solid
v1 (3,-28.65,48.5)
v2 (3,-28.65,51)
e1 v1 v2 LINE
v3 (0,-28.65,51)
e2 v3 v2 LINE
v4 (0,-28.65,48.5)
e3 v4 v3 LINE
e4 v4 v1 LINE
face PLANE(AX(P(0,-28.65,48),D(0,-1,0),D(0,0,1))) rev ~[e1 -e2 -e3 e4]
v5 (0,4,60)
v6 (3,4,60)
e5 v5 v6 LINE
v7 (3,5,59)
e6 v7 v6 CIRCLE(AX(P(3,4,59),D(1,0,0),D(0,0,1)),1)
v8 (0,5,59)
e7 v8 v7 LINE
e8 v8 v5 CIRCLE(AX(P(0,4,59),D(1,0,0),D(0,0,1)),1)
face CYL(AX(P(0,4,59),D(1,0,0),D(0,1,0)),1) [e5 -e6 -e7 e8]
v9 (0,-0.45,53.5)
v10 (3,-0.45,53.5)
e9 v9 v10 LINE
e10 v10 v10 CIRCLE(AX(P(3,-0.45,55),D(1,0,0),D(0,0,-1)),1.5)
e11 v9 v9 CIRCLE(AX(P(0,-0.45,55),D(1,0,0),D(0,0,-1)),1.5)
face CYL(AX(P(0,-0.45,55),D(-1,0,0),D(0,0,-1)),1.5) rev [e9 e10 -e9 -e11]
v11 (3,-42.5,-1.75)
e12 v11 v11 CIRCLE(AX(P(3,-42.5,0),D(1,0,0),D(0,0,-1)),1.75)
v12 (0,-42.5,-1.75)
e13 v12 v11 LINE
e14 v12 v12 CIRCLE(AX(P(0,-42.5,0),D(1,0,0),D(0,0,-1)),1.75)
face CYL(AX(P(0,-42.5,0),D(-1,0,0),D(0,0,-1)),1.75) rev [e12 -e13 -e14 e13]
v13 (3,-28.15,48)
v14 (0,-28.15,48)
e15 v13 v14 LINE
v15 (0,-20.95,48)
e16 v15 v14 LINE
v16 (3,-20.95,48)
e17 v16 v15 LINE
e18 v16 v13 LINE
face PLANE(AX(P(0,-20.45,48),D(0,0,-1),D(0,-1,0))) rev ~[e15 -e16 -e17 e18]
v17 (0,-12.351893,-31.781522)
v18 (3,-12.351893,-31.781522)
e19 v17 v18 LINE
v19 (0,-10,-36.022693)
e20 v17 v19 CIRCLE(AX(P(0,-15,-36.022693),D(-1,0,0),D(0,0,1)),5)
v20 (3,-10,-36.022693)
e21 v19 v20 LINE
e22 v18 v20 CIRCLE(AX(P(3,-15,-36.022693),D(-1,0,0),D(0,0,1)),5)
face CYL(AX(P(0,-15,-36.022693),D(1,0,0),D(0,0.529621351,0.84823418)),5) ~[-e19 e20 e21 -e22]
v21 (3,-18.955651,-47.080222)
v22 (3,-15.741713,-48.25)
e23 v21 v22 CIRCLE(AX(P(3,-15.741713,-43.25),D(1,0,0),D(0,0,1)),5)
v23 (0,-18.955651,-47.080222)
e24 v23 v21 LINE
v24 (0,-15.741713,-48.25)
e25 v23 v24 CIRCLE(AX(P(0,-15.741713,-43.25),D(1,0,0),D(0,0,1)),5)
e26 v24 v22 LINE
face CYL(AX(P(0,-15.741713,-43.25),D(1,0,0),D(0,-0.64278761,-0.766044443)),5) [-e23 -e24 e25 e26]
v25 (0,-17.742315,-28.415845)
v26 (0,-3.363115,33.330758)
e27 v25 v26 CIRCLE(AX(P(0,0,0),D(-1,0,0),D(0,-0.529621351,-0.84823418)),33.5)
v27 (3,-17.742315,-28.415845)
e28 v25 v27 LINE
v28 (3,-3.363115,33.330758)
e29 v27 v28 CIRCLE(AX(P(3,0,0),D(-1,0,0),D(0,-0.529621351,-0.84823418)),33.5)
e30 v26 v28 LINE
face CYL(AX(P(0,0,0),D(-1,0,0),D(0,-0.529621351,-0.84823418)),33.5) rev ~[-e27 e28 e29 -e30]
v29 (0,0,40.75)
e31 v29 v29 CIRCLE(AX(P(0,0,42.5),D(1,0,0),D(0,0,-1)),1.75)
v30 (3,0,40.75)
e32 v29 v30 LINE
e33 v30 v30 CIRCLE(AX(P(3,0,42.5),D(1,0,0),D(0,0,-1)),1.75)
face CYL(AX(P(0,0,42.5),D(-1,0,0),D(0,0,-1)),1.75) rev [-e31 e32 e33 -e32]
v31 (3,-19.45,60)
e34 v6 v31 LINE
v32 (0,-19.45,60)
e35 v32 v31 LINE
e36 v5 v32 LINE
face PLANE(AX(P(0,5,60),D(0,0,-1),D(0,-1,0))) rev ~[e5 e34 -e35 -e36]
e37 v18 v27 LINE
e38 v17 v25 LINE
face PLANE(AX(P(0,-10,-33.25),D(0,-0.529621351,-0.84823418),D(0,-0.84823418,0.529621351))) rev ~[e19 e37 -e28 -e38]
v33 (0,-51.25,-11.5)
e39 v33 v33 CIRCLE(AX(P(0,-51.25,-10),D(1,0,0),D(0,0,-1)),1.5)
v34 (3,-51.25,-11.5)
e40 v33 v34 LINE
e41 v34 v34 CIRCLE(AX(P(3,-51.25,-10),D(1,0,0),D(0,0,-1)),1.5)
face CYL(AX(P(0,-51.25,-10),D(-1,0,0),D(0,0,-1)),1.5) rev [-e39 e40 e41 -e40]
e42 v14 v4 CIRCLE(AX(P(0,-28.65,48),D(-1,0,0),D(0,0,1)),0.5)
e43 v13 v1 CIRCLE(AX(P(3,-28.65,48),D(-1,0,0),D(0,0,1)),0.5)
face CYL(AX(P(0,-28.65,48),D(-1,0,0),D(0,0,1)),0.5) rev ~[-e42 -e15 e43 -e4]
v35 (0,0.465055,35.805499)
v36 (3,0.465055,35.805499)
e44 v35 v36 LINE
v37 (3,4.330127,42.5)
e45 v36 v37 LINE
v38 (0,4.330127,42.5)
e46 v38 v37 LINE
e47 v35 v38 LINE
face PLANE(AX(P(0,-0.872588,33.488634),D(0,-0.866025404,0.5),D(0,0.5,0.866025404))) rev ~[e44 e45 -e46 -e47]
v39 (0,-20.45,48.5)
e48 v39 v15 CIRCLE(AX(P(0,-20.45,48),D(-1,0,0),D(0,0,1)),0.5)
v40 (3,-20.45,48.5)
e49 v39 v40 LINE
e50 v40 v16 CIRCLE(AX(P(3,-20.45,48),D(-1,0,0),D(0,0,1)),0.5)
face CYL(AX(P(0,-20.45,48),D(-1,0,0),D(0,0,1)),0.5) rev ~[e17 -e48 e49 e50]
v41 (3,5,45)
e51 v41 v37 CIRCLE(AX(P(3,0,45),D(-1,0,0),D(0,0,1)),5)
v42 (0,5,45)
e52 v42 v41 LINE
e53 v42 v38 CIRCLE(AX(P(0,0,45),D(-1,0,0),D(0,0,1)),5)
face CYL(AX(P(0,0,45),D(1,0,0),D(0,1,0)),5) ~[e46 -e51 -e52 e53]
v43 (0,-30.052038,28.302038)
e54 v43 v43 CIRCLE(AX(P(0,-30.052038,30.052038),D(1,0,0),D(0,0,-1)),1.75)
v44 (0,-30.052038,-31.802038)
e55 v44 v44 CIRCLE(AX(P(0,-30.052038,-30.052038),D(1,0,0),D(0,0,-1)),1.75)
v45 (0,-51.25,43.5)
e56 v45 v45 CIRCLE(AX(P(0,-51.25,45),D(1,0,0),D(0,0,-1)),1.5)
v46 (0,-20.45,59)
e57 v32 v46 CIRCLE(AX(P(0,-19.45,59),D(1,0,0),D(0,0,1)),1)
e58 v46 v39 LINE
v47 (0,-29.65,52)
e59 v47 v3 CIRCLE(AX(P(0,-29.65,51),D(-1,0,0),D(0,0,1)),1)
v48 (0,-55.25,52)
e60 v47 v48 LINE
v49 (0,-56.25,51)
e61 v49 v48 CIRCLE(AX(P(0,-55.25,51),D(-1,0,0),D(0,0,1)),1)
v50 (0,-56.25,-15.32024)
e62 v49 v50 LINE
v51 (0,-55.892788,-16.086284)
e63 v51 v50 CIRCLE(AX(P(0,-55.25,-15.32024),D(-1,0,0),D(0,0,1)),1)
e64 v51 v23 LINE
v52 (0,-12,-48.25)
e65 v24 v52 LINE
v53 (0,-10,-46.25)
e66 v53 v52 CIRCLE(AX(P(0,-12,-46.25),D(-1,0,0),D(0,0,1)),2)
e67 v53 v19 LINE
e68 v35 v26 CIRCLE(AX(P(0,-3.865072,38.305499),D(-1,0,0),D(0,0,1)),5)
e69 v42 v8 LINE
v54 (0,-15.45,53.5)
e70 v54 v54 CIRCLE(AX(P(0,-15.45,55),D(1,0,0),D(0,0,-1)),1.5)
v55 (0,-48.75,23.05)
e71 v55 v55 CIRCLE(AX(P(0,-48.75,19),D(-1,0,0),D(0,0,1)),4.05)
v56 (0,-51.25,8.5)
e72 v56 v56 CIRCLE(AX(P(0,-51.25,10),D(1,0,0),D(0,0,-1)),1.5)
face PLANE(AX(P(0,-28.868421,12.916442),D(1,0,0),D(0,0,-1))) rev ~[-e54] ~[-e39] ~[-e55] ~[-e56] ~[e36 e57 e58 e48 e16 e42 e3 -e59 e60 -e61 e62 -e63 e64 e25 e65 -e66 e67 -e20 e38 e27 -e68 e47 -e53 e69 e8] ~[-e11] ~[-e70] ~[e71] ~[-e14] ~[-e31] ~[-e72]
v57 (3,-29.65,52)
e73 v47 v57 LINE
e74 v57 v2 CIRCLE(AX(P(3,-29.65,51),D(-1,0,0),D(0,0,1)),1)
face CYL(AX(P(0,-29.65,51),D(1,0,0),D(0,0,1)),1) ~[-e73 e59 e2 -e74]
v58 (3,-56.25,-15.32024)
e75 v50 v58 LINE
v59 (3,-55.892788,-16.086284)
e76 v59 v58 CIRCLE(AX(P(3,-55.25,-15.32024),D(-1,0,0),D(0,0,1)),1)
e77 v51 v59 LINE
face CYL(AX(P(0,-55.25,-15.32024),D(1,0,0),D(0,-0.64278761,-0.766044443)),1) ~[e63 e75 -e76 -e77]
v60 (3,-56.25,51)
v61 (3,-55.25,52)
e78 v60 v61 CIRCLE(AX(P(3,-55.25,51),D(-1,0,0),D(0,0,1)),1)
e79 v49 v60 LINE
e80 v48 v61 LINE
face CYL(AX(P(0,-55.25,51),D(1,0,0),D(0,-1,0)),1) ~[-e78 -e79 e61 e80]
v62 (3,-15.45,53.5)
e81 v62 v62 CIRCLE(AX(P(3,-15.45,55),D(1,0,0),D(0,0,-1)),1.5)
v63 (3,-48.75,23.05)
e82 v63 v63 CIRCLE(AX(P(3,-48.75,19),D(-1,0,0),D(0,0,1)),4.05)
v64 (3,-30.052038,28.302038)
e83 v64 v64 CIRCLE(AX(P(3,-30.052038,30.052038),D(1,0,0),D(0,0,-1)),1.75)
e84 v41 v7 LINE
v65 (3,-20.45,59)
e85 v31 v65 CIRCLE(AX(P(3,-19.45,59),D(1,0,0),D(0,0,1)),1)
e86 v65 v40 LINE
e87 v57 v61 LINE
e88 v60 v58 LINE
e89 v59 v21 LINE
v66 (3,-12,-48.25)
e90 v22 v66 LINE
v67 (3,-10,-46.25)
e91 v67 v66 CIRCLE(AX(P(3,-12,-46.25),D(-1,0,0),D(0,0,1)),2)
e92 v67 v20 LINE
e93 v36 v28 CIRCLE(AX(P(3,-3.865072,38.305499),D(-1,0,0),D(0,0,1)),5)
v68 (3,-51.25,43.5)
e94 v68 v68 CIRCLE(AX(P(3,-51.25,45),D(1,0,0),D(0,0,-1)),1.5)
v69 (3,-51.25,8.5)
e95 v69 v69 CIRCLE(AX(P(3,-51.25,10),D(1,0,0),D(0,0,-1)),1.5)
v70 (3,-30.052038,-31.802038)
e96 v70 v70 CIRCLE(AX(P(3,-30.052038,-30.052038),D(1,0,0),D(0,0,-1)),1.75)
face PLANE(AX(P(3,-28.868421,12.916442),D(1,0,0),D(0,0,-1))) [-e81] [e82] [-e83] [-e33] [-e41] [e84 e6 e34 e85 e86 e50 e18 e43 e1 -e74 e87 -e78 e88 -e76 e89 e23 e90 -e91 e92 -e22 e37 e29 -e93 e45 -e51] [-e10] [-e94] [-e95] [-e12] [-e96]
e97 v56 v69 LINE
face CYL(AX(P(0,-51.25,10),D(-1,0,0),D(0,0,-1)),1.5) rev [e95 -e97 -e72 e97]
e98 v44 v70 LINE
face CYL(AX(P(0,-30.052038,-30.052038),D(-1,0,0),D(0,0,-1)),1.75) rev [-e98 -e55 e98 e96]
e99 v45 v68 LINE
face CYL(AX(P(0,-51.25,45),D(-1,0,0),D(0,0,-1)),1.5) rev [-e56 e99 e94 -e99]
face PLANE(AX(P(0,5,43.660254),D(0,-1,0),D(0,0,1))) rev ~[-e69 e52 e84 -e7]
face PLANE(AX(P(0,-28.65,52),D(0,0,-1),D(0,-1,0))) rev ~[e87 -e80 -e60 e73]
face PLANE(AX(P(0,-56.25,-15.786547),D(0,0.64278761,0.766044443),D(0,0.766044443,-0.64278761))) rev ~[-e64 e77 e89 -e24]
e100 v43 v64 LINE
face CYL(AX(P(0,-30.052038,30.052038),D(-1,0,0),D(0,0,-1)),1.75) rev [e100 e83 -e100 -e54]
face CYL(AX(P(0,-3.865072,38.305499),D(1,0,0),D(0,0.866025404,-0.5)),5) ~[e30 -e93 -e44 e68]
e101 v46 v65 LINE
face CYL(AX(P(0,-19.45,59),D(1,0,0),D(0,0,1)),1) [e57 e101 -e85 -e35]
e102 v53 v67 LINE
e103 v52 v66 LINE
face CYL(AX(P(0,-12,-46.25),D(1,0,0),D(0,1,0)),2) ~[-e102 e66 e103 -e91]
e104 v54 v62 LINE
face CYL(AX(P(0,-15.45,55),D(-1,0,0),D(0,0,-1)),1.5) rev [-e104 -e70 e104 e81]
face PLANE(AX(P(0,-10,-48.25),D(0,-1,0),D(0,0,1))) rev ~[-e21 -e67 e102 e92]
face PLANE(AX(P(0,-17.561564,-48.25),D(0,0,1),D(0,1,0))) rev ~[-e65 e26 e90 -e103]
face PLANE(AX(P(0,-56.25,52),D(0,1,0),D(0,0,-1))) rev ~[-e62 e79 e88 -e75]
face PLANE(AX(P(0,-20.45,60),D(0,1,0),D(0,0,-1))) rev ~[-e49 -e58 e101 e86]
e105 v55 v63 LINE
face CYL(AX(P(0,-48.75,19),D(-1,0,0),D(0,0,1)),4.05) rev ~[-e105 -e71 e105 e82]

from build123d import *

# Parameters (mm, degrees)
SKETCH_1_R          = 1.5
SKETCH_1_R_2        = 1.75
EXTRUDE_1_DEPTH     = 3
FILLET_1_R          = 5
SKETCH_2_R          = 0.5
CUT_EXTRUDE_1_DEPTH = 10
FILLET_2_R          = 2
SKETCH_3_R          = 4.05
CUT_EXTRUDE_2_DEPTH = 10
FILLET_3_R          = 1


with BuildPart() as part:
    # 草图1 → 凸台-拉伸1 (new body)
    with BuildSketch(Plane(origin=(0, 0, 0), x_dir=(0, 0, -1), z_dir=(1, 0, 0))):
        with BuildLine():
            Line((-48, -20.45), (-48, -28.65))
            Line((-48, -28.65), (-52, -28.65))
            Line((-52, -28.65), (-52, -56.25))
            Line((-52, -56.25), (15.786547457, -56.25))
            Line((15.786547457, -56.25), (48.25, -17.561563803))
            Line((48.25, -17.561563803), (48.25, -10))
            Line((48.25, -10), (33.25, -10))
            Line((33.25, -10), (28.415845032, -17.74231527))
            ThreePointArc((28.415845032, -17.74231527), (-8.807963632, -32.321351714), (-33.488633754, -0.872587709))
            Line((-33.488633754, -0.872587709), (-43.660254038, 5))
            Line((-43.660254038, 5), (-60, 5))
            Line((-60, 5), (-60, -20.45))
            Line((-60, -20.45), (-48, -20.45))
        make_face()
        with Locations((-45, -51.25)):
            Circle(SKETCH_1_R, mode=Mode.SUBTRACT)
        with Locations((-10, -51.25)):
            Circle(SKETCH_1_R, mode=Mode.SUBTRACT)
        with Locations((-30.0520382, -30.0520382)):
            Circle(SKETCH_1_R_2, mode=Mode.SUBTRACT)
        with Locations((10, -51.25)):
            Circle(SKETCH_1_R, mode=Mode.SUBTRACT)
        with Locations((0, -42.5)):
            Circle(SKETCH_1_R_2, mode=Mode.SUBTRACT)
        with Locations((30.0520382, -30.0520382)):
            Circle(SKETCH_1_R_2, mode=Mode.SUBTRACT)
        with Locations((-55, -15.45)):
            Circle(SKETCH_1_R, mode=Mode.SUBTRACT)
        with Locations((-55, -0.45)):
            Circle(SKETCH_1_R, mode=Mode.SUBTRACT)
        with Locations((-42.5, 0)):
            Circle(SKETCH_1_R_2, mode=Mode.SUBTRACT)
    extrude(amount=EXTRUDE_1_DEPTH)

    # 圆角1
    fillet_1_edges = [part.edges().sort_by_distance(p)[0] for p in [
        (1.5, -10, -33.25),
        (1.5, -17.561563803, -48.25),
        (1.5, 5, 43.660254038),
        (1.5, -0.872587709, 33.488633754),
    ]]
    fillet(fillet_1_edges, radius=FILLET_1_R)

    # 草图2 → 切除-拉伸1 (cut)
    with BuildSketch(Plane.ZY):
        with Locations((48, -20.45)):
            Circle(SKETCH_2_R)
        with Locations((48, -28.65)):
            Circle(SKETCH_2_R)
    extrude(amount=-CUT_EXTRUDE_1_DEPTH, mode=Mode.SUBTRACT)

    # 圆角2
    fillet_2_edges = [part.edges().sort_by_distance(p)[0] for p in [
        (1.5, -10, -48.25),
    ]]
    fillet(fillet_2_edges, radius=FILLET_2_R)

    # 草图3 → 切除-拉伸2 (cut)
    with BuildSketch(Plane.ZY):
        with Locations((19, -48.75)):
            Circle(SKETCH_3_R)
    extrude(amount=-CUT_EXTRUDE_2_DEPTH, mode=Mode.SUBTRACT)

    # 圆角3
    fillet_3_edges = [part.edges().sort_by_distance(p)[0] for p in [
        (1.5, -56.25, -15.786547457),
        (1.5, -56.25, 52),
        (1.5, -28.65, 52),
        (1.5, -20.45, 60),
        (1.5, 5, 60),
    ]]
    fillet(fillet_3_edges, radius=FILLET_3_R)


solid = part.part
